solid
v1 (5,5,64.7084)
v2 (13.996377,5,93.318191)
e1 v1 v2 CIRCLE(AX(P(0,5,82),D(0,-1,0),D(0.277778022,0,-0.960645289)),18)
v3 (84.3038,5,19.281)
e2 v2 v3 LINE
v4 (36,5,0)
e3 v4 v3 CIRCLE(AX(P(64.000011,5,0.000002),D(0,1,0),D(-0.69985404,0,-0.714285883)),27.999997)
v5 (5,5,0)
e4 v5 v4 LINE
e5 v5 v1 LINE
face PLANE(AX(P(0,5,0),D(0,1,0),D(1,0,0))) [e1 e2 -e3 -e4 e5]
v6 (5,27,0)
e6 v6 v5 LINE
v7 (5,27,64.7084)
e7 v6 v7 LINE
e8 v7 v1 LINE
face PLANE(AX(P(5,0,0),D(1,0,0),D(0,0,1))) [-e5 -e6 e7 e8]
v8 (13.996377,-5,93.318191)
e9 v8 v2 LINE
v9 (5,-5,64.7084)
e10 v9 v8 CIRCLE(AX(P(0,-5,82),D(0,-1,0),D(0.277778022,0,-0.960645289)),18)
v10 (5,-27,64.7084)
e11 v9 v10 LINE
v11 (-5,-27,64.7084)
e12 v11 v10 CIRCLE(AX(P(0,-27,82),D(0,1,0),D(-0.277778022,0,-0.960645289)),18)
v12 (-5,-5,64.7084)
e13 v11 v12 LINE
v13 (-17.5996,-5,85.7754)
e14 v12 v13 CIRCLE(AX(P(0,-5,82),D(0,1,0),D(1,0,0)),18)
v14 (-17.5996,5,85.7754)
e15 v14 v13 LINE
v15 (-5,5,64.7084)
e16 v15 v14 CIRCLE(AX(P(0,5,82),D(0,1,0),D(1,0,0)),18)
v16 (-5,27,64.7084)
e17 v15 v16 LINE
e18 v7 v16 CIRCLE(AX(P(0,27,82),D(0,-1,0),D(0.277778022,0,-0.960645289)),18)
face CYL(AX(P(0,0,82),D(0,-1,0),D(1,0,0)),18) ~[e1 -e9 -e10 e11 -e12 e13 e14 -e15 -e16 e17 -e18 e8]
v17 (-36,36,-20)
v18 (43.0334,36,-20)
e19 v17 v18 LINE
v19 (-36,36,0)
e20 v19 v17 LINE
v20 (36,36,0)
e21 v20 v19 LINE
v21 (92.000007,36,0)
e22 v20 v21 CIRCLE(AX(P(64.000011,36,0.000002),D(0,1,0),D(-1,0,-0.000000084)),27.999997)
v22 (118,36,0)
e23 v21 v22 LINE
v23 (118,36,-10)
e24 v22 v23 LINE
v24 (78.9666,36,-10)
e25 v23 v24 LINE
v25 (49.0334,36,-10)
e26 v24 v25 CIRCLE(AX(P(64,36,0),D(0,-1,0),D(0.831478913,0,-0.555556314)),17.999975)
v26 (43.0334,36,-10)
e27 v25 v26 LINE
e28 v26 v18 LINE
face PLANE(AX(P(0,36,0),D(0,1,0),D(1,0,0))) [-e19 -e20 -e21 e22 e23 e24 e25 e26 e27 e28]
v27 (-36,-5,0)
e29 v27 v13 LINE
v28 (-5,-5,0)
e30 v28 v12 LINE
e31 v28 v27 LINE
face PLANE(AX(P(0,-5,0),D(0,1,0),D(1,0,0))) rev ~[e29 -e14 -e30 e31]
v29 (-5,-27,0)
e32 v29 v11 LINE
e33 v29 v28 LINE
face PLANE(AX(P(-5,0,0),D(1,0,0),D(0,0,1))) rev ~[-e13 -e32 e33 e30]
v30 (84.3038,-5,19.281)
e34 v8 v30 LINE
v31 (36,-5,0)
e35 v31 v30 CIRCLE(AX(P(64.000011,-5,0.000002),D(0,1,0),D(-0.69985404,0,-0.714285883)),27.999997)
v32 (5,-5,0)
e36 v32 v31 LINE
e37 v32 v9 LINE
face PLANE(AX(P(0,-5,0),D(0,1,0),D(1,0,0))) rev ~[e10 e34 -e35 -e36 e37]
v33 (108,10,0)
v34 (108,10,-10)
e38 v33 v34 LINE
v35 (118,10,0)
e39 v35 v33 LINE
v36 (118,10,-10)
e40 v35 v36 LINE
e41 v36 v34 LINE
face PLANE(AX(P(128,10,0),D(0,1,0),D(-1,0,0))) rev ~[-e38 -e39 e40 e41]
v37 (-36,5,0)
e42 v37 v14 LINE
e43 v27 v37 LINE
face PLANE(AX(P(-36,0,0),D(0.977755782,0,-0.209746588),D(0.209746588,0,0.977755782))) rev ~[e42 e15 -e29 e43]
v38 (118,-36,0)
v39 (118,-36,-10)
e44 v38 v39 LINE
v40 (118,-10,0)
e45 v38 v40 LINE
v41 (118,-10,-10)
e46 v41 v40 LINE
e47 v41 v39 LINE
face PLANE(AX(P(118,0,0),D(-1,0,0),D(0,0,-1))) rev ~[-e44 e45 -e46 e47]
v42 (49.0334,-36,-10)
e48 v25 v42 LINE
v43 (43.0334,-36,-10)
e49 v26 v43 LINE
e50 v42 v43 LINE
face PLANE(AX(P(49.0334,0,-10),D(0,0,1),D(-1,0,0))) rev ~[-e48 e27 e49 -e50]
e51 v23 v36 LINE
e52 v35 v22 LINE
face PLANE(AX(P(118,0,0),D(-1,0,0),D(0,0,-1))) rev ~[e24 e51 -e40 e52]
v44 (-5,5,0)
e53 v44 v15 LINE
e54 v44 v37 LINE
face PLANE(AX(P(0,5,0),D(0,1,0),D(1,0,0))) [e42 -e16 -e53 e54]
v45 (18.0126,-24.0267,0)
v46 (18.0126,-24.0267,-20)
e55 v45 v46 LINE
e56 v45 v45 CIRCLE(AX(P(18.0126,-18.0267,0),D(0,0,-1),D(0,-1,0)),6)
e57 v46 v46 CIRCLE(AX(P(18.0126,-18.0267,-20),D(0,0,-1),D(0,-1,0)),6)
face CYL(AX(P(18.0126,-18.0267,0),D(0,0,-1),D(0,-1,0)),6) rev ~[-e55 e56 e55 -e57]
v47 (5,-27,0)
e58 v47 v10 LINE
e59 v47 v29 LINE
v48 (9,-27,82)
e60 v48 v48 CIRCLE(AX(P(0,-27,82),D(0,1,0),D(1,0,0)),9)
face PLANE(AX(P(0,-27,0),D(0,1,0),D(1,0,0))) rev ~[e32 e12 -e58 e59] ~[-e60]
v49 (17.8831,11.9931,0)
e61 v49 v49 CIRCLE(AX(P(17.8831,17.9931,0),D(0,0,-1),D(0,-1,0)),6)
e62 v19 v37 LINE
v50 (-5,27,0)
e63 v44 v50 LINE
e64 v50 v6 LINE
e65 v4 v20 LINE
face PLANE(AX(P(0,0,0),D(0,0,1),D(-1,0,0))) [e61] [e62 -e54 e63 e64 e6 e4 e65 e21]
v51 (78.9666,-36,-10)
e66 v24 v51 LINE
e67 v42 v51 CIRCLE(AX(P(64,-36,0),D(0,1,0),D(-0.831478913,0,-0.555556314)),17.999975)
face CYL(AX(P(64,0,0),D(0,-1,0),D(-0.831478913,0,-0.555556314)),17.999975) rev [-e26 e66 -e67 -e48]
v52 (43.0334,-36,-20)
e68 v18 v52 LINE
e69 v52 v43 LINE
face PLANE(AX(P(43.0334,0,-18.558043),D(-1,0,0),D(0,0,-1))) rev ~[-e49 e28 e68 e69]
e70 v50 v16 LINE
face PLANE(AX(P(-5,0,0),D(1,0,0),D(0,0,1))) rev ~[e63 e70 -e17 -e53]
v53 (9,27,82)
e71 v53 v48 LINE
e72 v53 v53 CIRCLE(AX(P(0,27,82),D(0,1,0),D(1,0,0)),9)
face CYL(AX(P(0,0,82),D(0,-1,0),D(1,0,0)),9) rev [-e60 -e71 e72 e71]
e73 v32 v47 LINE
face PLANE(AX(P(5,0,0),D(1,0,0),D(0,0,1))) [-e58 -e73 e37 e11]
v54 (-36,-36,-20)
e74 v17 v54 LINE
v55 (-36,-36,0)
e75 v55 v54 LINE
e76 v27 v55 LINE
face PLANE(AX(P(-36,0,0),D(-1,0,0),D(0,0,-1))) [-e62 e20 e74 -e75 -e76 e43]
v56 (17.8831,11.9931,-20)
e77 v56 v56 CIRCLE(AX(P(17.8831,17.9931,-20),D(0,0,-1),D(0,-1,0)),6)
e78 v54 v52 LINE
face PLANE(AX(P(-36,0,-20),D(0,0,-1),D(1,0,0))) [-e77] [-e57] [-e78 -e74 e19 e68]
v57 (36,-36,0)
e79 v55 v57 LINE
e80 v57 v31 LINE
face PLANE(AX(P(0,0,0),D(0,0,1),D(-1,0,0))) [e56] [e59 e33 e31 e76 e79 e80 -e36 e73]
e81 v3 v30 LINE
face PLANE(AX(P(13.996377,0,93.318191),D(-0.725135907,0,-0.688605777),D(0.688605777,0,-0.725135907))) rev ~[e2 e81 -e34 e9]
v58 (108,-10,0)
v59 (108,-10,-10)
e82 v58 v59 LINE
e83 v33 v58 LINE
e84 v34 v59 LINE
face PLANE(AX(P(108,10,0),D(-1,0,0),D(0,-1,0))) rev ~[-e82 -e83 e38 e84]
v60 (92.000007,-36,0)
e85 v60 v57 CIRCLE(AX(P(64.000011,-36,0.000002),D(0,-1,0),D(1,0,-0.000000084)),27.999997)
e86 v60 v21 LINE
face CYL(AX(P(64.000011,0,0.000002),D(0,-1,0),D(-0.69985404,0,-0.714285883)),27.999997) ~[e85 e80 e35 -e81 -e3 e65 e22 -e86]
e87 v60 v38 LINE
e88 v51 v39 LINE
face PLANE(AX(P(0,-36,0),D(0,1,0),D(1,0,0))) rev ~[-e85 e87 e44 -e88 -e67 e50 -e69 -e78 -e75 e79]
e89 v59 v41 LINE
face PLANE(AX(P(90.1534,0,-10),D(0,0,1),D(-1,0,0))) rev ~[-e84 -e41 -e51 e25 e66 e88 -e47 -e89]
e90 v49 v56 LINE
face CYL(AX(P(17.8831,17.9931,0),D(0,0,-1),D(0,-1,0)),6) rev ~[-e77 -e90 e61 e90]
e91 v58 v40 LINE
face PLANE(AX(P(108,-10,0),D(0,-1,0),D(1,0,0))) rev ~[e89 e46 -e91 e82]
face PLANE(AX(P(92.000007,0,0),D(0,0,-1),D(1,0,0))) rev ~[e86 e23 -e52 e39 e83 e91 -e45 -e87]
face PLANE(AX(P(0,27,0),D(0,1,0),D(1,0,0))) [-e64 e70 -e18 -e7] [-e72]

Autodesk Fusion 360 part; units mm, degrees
sketch "Sketch1" plane through (0, 0, 0) normal (0, 1, 0) x (1, 0, 0)
  line L0 (0, 0) -> (-36, 0)
  line L1 (-36, 0) -> (-36, 20)
  circle A0 centre (0, -82) radius 9
  circle A1 centre (0, -82) radius 18
  line L2 (0, 0) -> (36, 0)
  line L3 (82, 0) -> (118, 0)
  line L4 (118, 0) -> (118, 10)
  line L5 (118, 10) -> (78.9666, 10)
  line L6 (49.0334, 10) -> (43.0334, 10)
  line L7 (43.0334, 10) -> (43.0334, 20)
  line L8 (-36, 20) -> (44.4041, 20)
  arc A2 (44.4041, 20) -> (90.1534, 10) centre (64, 0) ccw
  arc A3 (49.0334, 10) -> (78.9666, 10) centre (64, 0) ccw
  line L9 (12.0259, -95.3932) -> (84.3038, -19.281)
  line L10 (-36, 0) -> (-17.5996, -85.7754)
  line L11 (0, 0) -> (5, 0)
  line L12 (5, 0) -> (5, -64.7084)
  line L13 (0, 0) -> (-5, 0)
  line L14 (-5, 0) -> (-5, -64.7084)
  dimension "d1" = 36
  dimension "d2" = 20
  dimension "d4" = 82
  dimension "d5" = 18
  dimension "d6" = 36
  dimension "d7" = 64
  dimension "d8" = 36
  dimension "d9" = 56
  dimension "d12" = 54
  dimension "d13" = 10
  dimension "d14" = 6
  dimension "d15" = 10
  dimension "d22" = 5
  dimension "d23" = 64.7084
  dimension "d24" = 5
extrude "Extrude1" add sketch "Sketch1" along normal mid plane 72 contours L0 L1 L2 L7 L8 A2 L11 L13 | L3 L6 L7 A2 A3 | L3 L4 L5 A2 | L3 L5 A2 A3 makes body 1
extrude "Extrude2" add sketch "Sketch1" along normal mid plane 54 separate body contours A1 L9 | A1 L9 makes body 2
extrude "Extrude3" add sketch "Sketch1" along normal mid plane 54 contours L0 A1 L2 L11 L12 L13 L14 bodies 2
extrude "Extrude4" add sketch "Sketch1" along normal mid plane 10 contours L0 A1 L10 L14 bodies 1 2
extrude "Extrude5" add sketch "Sketch1" along normal mid plane 10 contours A1 L2 A2 L9 L12 bodies 1
sketch "Sketch4" plane through (0, 0, 0) normal (0, 0, 1) x (1, 0, 0)
  line L0 (0, 0) -> (18, 0)
  line L1 (108, -10) -> (128, -10)
  line L2 (128, -10) -> (128, 10)
  line L3 (128, 10) -> (108, 10)
  line L4 (108, 10) -> (108, -10)
  line L5 (108, -10) -> (128, 10) construction
  line L6 (128, -10) -> (108, 10) construction
  point P0 (118, 0)
  dimension "d31" = 18
  dimension "d40" = 20
  dimension "d41" = 20
hole "Hole1" at (18.0126, -18.0267, 0) direction (0, 0, -1) diameter 12 depth 30 tip angle 118 bodies 1
hole "Hole2" at (17.8831, 17.9931, 0) direction (0, 0, -1) diameter 12 depth 30 tip angle 118 bodies 1
extrude "Extrude6" cut sketch "Sketch4" against normal blind 20 bodies 1
